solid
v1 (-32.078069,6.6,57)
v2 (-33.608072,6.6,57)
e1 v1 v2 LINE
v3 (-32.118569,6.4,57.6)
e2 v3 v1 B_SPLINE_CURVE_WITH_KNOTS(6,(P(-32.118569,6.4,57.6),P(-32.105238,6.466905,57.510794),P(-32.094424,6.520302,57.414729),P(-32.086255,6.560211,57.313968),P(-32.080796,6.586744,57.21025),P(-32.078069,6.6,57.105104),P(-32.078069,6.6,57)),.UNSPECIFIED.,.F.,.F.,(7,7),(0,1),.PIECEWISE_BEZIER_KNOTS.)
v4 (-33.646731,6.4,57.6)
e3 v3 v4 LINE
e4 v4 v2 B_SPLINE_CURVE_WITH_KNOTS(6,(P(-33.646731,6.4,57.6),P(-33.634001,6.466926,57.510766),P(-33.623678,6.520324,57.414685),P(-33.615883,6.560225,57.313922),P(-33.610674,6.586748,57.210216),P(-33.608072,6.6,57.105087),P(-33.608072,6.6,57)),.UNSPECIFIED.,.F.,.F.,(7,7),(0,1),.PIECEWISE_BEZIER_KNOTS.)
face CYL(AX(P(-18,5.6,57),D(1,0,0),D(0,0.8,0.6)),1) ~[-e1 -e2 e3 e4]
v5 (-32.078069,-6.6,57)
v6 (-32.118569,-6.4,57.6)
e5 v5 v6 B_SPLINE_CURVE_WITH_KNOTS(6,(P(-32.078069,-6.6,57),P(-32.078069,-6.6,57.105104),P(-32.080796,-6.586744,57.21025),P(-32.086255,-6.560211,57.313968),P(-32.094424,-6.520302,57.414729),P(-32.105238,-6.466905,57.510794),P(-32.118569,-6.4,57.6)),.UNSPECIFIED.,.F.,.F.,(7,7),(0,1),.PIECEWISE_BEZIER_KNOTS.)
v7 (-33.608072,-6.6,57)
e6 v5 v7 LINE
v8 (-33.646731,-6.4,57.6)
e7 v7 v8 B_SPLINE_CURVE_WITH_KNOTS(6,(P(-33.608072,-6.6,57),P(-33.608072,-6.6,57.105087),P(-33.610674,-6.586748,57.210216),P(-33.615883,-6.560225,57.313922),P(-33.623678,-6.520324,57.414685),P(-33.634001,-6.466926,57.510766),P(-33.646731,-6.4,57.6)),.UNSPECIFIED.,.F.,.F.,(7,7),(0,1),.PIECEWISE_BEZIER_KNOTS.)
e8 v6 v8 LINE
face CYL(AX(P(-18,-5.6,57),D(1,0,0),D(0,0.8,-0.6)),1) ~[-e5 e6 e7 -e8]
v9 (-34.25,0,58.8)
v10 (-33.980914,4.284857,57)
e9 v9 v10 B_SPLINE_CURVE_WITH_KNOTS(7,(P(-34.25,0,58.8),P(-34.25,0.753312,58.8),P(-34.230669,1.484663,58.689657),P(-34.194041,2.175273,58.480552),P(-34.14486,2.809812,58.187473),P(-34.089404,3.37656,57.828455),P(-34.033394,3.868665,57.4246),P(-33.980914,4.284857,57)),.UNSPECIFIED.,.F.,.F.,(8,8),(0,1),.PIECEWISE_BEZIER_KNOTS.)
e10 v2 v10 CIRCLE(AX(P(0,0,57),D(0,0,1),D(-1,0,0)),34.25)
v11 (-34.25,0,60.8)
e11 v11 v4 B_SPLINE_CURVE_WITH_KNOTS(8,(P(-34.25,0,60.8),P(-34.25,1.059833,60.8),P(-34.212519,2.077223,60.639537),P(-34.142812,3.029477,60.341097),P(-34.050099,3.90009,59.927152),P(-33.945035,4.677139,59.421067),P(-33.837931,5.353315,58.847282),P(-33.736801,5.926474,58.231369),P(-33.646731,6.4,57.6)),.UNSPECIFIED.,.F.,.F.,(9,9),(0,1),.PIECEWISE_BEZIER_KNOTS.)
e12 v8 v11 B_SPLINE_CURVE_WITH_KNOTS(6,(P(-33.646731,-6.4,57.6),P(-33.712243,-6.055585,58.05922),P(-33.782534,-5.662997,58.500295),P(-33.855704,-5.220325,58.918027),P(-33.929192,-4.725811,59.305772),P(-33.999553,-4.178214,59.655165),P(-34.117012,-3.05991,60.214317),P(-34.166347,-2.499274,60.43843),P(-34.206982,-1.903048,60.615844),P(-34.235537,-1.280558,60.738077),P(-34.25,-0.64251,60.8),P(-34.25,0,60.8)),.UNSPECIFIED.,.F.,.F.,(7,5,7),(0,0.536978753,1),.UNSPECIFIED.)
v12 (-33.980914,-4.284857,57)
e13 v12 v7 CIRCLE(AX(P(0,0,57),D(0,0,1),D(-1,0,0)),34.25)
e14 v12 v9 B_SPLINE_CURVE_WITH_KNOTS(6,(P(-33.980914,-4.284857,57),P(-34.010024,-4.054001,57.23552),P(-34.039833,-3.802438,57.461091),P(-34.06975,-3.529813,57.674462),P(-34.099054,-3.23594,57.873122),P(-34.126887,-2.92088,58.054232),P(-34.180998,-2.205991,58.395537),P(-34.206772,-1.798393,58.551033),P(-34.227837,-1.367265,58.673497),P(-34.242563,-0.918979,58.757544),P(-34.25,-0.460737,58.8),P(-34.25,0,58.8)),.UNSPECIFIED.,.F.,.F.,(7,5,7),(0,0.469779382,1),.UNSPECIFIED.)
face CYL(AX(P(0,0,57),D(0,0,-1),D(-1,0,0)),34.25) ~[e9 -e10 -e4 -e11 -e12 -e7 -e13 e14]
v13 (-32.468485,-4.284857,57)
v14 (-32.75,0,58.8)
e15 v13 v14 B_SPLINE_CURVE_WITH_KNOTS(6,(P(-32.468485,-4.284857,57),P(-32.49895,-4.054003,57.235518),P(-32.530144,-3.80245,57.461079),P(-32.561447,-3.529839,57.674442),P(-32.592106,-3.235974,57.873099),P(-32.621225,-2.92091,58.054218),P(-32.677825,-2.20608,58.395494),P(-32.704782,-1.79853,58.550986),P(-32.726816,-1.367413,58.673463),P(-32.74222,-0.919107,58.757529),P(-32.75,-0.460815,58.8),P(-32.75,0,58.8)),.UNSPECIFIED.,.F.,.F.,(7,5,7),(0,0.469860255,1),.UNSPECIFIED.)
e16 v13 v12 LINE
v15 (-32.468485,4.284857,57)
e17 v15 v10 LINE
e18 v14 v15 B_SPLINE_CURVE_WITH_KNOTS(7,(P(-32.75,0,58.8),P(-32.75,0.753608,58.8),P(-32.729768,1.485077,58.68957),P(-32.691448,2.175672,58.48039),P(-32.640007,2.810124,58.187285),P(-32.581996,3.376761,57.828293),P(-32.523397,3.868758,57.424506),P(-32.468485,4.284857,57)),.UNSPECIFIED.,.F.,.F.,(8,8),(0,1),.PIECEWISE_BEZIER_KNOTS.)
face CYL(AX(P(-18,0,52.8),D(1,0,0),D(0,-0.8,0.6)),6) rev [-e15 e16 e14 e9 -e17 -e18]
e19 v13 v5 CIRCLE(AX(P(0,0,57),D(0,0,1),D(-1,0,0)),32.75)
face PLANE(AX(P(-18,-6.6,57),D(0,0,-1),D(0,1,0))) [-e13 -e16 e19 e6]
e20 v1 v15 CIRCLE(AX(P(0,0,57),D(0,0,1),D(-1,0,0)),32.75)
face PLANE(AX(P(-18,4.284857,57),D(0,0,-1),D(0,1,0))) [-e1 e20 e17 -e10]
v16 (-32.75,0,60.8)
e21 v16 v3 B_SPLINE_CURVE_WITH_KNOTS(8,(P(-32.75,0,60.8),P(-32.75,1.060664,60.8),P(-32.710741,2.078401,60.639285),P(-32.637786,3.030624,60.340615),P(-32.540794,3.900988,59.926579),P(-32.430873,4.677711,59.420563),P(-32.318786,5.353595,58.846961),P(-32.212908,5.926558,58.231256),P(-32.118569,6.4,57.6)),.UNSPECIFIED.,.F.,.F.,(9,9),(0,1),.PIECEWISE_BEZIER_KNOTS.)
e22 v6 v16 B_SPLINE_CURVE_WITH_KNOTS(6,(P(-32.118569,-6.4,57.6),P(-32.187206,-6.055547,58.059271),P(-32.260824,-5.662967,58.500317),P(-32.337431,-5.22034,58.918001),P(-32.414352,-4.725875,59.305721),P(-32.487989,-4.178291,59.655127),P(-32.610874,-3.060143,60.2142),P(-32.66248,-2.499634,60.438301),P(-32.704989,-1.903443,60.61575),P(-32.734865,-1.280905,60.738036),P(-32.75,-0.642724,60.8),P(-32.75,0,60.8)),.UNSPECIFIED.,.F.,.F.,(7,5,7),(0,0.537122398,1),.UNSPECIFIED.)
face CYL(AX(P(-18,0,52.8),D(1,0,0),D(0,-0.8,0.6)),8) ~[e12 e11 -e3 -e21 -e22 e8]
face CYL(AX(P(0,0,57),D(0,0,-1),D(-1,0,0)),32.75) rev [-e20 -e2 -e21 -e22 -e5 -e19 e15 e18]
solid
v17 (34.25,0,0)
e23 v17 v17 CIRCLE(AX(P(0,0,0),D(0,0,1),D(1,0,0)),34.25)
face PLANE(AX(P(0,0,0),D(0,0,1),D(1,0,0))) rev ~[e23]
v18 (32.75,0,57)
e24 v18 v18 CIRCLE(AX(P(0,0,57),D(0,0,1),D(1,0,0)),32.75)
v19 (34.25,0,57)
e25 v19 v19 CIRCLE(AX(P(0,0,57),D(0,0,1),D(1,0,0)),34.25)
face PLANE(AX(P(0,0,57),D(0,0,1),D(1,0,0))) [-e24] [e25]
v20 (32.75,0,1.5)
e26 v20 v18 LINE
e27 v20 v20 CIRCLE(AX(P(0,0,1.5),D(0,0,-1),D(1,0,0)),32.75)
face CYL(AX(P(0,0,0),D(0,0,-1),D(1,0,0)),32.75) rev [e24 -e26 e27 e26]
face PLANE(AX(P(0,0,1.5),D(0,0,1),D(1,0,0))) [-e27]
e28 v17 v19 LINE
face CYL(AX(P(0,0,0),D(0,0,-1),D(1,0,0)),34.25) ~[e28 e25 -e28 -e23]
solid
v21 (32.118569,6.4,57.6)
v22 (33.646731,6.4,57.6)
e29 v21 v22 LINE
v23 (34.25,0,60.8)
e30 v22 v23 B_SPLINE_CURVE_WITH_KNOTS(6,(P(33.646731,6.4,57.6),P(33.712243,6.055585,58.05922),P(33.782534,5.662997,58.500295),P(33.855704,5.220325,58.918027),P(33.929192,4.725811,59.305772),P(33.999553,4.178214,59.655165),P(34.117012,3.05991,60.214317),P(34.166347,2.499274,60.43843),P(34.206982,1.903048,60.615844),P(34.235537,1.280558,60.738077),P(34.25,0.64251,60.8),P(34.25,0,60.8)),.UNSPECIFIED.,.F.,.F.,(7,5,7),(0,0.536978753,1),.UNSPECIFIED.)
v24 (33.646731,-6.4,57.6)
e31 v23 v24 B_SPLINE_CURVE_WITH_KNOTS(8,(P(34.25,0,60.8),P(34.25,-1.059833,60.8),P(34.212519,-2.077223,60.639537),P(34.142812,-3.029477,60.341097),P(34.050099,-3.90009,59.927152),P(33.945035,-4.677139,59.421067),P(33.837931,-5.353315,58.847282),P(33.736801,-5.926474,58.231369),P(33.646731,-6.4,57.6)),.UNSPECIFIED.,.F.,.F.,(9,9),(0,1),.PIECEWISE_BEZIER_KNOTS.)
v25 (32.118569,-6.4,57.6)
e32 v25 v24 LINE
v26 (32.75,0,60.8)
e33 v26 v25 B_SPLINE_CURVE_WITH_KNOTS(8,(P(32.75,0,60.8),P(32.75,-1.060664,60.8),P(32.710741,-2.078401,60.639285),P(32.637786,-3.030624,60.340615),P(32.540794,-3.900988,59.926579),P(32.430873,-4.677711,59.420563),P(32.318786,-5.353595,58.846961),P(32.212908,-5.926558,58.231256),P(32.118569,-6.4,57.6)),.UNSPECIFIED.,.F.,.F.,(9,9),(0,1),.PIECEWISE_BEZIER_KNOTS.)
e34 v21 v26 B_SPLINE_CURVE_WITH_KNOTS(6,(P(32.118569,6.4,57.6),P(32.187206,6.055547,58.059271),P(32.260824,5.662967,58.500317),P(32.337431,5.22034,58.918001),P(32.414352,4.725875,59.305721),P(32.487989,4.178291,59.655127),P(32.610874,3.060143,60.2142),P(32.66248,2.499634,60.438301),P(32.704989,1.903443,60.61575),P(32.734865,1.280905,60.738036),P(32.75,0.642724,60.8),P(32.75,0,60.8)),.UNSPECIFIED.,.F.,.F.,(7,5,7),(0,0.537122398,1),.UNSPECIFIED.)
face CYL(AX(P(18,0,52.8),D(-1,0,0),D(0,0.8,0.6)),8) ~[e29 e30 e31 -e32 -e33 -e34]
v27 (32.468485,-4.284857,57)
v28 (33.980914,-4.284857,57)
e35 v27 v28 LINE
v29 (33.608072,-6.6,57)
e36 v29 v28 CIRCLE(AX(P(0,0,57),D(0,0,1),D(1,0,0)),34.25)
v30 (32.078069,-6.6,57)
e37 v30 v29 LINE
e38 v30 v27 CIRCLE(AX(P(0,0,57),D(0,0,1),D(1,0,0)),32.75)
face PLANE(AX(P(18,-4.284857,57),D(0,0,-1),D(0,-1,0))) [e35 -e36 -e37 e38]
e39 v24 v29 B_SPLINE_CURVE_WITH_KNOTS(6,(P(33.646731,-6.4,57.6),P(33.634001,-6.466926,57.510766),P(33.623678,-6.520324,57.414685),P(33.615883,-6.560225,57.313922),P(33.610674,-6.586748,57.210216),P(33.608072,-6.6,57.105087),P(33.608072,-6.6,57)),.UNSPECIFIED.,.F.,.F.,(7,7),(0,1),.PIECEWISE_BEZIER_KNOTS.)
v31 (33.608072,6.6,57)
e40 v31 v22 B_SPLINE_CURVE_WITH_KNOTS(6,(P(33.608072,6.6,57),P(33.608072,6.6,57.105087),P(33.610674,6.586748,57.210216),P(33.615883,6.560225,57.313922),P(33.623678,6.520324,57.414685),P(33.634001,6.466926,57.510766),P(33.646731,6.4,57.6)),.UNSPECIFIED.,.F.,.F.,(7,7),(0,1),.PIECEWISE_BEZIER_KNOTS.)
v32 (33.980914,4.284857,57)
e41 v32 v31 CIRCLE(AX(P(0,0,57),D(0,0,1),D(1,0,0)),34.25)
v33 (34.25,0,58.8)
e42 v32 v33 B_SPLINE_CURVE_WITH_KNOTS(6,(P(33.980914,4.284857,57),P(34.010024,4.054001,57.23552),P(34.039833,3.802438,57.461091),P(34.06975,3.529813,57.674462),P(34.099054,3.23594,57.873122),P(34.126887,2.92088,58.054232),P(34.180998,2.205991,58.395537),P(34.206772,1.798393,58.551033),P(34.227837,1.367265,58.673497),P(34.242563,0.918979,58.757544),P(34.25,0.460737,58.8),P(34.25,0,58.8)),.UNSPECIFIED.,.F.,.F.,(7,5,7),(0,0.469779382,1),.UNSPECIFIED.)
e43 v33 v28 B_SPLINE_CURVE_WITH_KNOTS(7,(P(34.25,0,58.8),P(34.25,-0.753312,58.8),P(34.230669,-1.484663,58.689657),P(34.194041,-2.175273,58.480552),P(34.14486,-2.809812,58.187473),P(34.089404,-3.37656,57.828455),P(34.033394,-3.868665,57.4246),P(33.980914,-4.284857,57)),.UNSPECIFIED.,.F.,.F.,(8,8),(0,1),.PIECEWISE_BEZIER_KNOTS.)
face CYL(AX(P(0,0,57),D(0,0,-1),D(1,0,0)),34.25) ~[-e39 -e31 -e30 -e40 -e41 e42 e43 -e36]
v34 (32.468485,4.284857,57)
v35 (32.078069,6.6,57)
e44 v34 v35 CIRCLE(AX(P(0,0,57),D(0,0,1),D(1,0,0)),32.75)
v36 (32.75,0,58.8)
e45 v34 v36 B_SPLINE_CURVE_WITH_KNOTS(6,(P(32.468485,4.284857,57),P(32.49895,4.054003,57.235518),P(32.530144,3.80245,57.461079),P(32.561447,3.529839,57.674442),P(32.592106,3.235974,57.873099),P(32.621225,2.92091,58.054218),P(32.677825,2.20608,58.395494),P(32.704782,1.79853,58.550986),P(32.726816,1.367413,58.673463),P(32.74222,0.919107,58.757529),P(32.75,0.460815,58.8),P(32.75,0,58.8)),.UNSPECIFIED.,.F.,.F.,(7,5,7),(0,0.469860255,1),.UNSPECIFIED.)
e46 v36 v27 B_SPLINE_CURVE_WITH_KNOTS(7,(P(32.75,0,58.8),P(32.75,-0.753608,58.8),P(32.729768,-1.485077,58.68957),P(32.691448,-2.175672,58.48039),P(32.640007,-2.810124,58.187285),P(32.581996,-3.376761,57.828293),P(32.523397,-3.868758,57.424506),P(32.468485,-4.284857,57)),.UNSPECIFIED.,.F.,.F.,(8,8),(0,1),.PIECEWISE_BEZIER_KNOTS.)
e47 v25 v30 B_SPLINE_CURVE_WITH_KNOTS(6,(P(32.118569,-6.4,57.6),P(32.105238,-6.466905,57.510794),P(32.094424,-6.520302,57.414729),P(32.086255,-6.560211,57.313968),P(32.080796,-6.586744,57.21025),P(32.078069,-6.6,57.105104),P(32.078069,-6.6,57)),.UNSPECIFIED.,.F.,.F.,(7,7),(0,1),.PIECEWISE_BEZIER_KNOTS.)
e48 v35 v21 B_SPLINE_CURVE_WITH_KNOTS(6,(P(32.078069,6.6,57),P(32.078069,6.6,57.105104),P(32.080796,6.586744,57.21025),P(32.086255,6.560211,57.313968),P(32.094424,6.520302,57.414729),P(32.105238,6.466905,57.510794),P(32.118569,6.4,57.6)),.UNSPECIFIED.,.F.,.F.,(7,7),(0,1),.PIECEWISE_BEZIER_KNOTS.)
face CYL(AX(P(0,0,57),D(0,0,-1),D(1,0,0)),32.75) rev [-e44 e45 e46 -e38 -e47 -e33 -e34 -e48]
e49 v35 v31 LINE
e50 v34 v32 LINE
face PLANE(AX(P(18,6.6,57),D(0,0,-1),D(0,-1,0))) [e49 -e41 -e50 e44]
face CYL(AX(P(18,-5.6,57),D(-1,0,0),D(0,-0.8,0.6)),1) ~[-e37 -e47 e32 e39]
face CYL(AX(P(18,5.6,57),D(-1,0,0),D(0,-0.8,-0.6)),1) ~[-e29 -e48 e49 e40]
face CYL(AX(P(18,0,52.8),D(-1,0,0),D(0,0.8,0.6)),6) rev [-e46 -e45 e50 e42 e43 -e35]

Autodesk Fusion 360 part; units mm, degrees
sketch "草图1" plane through (0, 0, 0) normal (0, 0, 1) x (1, 0, 0)
  circle A0 centre (0, 0) radius 34.25
  circle A1 centre (0, 0) radius 32.75
  dimension "d1" = 68.5
  dimension "d2" = -1.5
extrude "拉伸1" add sketch "草图1" along normal blind 1.5 contours A0 | A1 makes body 1
extrude "拉伸2" cut sketch "草图1" along normal blind 40 bodies 1
extrude "拉伸3" add sketch "草图1" along normal blind 57 bodies 1
ref_plane "工作平面1" through (18, 0, 0) normal (1, 0, 0) x (0, 1, 0)
sketch "草图3" plane through (18, 0, 0) normal (1, 0, 0) x (0, 1, 0)
  arc A0 (6.4, 57.6) -> (-6.4, 57.6) centre (0, 52.8) ccw
  arc A1 (4.8, 56.4) -> (6.4, 57.6) centre (5.6, 57) ccw
  arc A2 (4.8, 56.4) -> (-4.8, 56.4) centre (0, 52.8) ccw
  arc A3 (-6.4, 57.6) -> (-4.8, 56.4) centre (-5.6, 57) ccw
  arc A4 (5.6, 57) -> (-5.6, 57) centre (0, 52.8) ccw construction
  line L0 (34.25, 57) -> (-34.25, 57)
  line L1 (34.25, 0) -> (-34.25, 0)
  line L2 (0, 0) -> (0, 67.7066) construction
  dimension "d22" = 7
  dimension "d23" = 8
  dimension "d24" = 6
  dimension "d25" = 11.2
extrude "拉伸5" add sketch "草图3" along normal blind 18 separate body contours A0 A1 A2 A3 L0 makes body 2
extrude "拉伸7" cut 1 faces at (33.6225, -1.7016, 57) along direction (0, 0, 1) blind 10 keep common part on bodies 1 bodies 2
pattern_circular "C-阵列2" count 2 over 360 about axis through (0, 0, 1.75) along (0, 0, 1) of bodies 2 makes body 3
